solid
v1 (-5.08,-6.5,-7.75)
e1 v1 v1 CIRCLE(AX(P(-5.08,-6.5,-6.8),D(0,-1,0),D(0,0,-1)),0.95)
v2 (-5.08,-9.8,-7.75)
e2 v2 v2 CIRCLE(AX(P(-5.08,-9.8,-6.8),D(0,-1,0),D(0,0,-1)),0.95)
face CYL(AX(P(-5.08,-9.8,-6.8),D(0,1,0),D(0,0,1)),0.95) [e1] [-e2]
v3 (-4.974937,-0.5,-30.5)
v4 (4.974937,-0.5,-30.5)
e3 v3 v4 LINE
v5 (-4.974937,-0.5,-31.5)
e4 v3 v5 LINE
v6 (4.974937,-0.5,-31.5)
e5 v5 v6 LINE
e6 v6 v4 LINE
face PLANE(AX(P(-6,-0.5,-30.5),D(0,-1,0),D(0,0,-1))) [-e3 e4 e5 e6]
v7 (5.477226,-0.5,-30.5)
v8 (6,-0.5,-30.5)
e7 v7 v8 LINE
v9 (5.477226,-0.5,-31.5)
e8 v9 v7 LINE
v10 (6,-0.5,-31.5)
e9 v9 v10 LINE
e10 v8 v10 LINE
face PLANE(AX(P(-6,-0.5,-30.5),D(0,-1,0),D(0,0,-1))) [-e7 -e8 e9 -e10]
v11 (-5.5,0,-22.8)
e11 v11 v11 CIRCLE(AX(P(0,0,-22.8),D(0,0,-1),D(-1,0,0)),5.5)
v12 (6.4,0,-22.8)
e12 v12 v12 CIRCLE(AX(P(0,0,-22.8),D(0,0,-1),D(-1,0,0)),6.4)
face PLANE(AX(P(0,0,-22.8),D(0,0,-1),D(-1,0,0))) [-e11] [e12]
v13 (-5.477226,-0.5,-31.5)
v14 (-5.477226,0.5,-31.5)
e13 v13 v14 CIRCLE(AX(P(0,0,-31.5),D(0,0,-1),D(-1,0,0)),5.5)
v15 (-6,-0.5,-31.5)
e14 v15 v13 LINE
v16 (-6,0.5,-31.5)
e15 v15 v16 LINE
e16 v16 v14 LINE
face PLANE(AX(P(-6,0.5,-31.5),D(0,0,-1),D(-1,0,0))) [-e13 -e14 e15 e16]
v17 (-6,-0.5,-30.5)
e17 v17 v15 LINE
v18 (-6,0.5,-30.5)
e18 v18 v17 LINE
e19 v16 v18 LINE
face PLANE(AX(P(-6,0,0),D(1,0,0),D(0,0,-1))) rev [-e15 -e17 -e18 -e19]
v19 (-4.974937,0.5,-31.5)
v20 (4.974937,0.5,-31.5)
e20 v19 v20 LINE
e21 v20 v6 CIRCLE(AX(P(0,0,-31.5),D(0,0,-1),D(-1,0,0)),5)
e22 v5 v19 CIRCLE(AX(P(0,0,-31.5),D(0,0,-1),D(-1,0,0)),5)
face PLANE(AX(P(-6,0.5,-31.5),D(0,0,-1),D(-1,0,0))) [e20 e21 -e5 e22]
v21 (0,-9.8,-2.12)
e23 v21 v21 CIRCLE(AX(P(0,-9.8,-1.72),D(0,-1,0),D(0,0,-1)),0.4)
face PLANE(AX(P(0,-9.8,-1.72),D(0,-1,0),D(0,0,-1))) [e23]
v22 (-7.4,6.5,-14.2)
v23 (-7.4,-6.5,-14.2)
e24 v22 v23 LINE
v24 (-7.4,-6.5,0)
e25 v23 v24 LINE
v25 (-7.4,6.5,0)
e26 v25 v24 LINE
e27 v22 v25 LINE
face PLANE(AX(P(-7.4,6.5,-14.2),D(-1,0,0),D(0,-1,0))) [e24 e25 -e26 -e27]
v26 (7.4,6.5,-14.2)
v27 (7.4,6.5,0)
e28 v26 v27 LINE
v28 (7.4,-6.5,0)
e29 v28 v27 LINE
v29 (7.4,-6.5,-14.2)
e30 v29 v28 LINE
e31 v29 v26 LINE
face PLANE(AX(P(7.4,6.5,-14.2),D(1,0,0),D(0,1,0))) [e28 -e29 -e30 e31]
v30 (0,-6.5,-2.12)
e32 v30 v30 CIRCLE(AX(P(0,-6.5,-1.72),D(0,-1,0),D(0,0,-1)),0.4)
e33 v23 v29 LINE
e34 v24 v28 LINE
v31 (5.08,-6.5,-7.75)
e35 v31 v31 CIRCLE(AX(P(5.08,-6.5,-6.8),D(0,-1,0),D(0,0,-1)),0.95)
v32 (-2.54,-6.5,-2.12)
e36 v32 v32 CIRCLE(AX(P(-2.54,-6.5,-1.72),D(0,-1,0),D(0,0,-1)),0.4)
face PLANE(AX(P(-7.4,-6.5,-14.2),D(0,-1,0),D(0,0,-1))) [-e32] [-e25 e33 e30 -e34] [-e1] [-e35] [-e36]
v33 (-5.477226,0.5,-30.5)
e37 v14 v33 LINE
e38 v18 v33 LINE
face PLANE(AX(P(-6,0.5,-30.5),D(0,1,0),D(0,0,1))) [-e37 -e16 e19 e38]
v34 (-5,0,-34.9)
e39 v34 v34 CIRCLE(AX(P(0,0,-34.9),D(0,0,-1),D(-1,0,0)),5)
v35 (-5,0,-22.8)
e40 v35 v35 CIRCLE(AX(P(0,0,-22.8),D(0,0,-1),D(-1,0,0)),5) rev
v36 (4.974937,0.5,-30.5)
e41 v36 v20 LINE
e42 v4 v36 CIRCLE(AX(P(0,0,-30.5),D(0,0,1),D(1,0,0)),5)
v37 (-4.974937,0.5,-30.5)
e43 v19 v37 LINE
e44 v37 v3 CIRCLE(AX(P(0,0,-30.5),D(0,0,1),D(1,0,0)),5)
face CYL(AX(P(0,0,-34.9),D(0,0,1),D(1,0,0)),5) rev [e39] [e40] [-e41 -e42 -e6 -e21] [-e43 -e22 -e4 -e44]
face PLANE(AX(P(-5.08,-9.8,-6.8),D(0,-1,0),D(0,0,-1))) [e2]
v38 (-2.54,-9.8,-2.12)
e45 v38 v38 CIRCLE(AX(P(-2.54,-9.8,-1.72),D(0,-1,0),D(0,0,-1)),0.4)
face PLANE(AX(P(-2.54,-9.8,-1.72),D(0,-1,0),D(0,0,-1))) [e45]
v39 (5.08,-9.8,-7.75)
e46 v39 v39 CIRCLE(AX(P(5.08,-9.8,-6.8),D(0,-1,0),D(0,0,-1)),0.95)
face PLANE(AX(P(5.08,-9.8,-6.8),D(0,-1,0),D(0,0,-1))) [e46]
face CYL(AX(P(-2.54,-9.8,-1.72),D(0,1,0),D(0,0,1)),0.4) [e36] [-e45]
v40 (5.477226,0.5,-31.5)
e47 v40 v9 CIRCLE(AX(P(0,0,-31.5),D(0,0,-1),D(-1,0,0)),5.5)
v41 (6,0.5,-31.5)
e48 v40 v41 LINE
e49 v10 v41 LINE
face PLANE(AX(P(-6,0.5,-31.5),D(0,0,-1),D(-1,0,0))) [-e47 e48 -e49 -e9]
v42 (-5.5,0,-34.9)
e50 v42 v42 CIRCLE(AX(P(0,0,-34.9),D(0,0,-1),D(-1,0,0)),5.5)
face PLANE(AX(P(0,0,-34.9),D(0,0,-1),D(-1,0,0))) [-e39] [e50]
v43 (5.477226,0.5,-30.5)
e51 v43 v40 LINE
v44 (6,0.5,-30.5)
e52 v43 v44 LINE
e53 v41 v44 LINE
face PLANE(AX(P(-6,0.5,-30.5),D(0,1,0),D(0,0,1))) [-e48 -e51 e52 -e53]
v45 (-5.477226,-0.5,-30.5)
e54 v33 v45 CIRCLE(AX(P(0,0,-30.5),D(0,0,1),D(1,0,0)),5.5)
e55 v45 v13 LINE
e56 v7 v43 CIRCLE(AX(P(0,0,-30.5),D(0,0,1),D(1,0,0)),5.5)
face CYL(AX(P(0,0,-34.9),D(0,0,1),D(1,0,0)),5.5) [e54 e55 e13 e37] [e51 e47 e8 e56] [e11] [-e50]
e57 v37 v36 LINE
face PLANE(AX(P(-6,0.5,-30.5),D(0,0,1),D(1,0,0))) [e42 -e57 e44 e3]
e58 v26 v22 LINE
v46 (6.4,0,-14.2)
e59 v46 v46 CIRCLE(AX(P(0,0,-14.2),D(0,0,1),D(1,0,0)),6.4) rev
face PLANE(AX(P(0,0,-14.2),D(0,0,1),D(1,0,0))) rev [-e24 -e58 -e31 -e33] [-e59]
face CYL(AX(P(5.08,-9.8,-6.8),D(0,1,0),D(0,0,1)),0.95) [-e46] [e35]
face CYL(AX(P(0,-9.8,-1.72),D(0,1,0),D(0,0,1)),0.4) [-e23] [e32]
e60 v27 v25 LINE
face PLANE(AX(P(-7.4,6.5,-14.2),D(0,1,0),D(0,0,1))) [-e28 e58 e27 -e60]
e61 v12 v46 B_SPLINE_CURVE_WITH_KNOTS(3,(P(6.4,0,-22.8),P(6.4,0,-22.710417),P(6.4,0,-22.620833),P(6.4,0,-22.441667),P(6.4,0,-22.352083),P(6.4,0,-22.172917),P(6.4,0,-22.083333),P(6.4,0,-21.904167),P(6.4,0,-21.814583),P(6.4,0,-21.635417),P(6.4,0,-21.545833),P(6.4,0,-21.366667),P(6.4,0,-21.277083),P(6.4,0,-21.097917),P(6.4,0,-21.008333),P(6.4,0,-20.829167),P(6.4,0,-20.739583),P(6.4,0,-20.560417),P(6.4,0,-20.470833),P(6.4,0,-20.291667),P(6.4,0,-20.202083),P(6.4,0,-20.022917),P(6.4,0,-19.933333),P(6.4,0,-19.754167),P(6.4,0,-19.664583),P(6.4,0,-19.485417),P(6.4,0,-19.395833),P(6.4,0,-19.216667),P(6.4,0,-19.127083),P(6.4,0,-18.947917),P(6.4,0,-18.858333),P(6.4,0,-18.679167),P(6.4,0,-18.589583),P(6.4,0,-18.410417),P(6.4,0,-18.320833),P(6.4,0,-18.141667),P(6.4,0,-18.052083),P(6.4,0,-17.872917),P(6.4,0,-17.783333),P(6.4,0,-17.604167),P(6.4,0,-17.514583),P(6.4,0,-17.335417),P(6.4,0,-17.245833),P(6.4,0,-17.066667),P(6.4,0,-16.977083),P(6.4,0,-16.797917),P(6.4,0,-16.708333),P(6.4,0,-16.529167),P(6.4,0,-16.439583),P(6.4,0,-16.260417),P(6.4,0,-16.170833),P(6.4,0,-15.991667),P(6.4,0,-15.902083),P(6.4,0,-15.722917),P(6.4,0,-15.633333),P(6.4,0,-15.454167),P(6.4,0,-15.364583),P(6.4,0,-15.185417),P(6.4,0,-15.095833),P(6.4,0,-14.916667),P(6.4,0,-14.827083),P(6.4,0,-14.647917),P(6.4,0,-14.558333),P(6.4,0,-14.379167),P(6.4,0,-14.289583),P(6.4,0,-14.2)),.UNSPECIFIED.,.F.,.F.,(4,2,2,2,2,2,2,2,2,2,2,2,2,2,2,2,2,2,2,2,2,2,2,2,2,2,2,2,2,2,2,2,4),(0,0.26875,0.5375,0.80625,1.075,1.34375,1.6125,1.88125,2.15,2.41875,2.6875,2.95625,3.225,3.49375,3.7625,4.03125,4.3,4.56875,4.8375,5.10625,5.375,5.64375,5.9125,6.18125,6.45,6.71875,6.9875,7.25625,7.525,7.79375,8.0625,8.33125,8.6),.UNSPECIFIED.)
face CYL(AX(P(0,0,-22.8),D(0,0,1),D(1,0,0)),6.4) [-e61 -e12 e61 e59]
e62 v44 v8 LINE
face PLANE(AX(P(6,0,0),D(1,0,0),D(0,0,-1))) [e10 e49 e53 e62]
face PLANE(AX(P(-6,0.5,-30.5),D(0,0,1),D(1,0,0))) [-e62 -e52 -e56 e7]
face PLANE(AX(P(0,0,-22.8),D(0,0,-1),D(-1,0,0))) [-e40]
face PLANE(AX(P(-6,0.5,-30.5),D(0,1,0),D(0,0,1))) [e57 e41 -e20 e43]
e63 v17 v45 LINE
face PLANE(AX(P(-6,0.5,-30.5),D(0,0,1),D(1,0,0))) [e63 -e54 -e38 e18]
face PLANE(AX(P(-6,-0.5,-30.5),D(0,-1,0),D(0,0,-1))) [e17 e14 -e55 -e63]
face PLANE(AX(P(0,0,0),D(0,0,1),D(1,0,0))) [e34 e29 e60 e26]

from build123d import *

# Parameters (mm, degrees)
SKETCH_1_W           = 14.8
SKETCH_1_H           = 13
EXTRUDE_1_DEPTH      = 14.2
SKETCH_2_R           = 6.4
EXTRUDE_2_DEPTH      = 8.6
SKETCH_3_R           = 5.5
SKETCH_3_R_2         = 5
EXTRUDE_3_DEPTH      = 12.1
EXTRUDE_4_DEPTH      = 6
EXTRUDE_4_DEPTH_BACK = 6
SKETCH_4_W           = 1
SKETCH_4_H           = 1
SKETCH_7_R           = 0.95
SKETCH_7_R_2         = 0.4
EXTRUDE_5_DEPTH      = 3.3


with BuildPart() as part:
    # Эскиз1 → Бобышка-Вытянуть1 (new body)
    with BuildSketch(Plane.XY):
        Rectangle(SKETCH_1_W, SKETCH_1_H)
    extrude(amount=-EXTRUDE_1_DEPTH)

    # Эскиз2 → Бобышка-Вытянуть2 (add)
    with BuildSketch(Plane(origin=(0, 0, -14.2), x_dir=(-1, 0, 0), z_dir=(0, 0, -1))):
        with Locations(Location((0, 0, 0), (0, 0, 180))):
            Circle(SKETCH_2_R)
    extrude(amount=EXTRUDE_2_DEPTH)

    # Эскиз3 → Бобышка-Вытянуть3 (add)
    with BuildSketch(Plane(origin=(0, 0, -22.8), x_dir=(-1, 0, 0), z_dir=(0, 0, -1))):
        Circle(SKETCH_3_R)
        Circle(SKETCH_3_R_2, mode=Mode.SUBTRACT)
    extrude(amount=EXTRUDE_3_DEPTH)

    # Эскиз4 → Бобышка-Вытянуть4 (add, two sides: drawn at the far end of the back side and taken through both)
    with BuildSketch(Plane(origin=(0, 0, 0), x_dir=(0, 0, -1), z_dir=(1, 0, 0)).offset(-EXTRUDE_4_DEPTH_BACK)):
        with Locations((31, 0)):
            Rectangle(SKETCH_4_W, SKETCH_4_H)
    extrude(amount=EXTRUDE_4_DEPTH + EXTRUDE_4_DEPTH_BACK)

    # Эскиз7 → Бобышка-Вытянуть5 (add)
    with BuildSketch(Plane.XZ.offset(6.5)):
        with Locations(Location((5.08, -6.8, 0), (0, 0, 270))):
            Circle(SKETCH_7_R)
        with Locations(Location((-5.08, -6.8, 0), (0, 0, 270))):
            Circle(SKETCH_7_R)
        with Locations(Location((0, -1.72, 0), (0, 0, 270))):
            Circle(SKETCH_7_R_2)
        with Locations(Location((-2.54, -1.72, 0), (0, 0, 270))):
            Circle(SKETCH_7_R_2)
    extrude(amount=EXTRUDE_5_DEPTH)


solid = part.part
